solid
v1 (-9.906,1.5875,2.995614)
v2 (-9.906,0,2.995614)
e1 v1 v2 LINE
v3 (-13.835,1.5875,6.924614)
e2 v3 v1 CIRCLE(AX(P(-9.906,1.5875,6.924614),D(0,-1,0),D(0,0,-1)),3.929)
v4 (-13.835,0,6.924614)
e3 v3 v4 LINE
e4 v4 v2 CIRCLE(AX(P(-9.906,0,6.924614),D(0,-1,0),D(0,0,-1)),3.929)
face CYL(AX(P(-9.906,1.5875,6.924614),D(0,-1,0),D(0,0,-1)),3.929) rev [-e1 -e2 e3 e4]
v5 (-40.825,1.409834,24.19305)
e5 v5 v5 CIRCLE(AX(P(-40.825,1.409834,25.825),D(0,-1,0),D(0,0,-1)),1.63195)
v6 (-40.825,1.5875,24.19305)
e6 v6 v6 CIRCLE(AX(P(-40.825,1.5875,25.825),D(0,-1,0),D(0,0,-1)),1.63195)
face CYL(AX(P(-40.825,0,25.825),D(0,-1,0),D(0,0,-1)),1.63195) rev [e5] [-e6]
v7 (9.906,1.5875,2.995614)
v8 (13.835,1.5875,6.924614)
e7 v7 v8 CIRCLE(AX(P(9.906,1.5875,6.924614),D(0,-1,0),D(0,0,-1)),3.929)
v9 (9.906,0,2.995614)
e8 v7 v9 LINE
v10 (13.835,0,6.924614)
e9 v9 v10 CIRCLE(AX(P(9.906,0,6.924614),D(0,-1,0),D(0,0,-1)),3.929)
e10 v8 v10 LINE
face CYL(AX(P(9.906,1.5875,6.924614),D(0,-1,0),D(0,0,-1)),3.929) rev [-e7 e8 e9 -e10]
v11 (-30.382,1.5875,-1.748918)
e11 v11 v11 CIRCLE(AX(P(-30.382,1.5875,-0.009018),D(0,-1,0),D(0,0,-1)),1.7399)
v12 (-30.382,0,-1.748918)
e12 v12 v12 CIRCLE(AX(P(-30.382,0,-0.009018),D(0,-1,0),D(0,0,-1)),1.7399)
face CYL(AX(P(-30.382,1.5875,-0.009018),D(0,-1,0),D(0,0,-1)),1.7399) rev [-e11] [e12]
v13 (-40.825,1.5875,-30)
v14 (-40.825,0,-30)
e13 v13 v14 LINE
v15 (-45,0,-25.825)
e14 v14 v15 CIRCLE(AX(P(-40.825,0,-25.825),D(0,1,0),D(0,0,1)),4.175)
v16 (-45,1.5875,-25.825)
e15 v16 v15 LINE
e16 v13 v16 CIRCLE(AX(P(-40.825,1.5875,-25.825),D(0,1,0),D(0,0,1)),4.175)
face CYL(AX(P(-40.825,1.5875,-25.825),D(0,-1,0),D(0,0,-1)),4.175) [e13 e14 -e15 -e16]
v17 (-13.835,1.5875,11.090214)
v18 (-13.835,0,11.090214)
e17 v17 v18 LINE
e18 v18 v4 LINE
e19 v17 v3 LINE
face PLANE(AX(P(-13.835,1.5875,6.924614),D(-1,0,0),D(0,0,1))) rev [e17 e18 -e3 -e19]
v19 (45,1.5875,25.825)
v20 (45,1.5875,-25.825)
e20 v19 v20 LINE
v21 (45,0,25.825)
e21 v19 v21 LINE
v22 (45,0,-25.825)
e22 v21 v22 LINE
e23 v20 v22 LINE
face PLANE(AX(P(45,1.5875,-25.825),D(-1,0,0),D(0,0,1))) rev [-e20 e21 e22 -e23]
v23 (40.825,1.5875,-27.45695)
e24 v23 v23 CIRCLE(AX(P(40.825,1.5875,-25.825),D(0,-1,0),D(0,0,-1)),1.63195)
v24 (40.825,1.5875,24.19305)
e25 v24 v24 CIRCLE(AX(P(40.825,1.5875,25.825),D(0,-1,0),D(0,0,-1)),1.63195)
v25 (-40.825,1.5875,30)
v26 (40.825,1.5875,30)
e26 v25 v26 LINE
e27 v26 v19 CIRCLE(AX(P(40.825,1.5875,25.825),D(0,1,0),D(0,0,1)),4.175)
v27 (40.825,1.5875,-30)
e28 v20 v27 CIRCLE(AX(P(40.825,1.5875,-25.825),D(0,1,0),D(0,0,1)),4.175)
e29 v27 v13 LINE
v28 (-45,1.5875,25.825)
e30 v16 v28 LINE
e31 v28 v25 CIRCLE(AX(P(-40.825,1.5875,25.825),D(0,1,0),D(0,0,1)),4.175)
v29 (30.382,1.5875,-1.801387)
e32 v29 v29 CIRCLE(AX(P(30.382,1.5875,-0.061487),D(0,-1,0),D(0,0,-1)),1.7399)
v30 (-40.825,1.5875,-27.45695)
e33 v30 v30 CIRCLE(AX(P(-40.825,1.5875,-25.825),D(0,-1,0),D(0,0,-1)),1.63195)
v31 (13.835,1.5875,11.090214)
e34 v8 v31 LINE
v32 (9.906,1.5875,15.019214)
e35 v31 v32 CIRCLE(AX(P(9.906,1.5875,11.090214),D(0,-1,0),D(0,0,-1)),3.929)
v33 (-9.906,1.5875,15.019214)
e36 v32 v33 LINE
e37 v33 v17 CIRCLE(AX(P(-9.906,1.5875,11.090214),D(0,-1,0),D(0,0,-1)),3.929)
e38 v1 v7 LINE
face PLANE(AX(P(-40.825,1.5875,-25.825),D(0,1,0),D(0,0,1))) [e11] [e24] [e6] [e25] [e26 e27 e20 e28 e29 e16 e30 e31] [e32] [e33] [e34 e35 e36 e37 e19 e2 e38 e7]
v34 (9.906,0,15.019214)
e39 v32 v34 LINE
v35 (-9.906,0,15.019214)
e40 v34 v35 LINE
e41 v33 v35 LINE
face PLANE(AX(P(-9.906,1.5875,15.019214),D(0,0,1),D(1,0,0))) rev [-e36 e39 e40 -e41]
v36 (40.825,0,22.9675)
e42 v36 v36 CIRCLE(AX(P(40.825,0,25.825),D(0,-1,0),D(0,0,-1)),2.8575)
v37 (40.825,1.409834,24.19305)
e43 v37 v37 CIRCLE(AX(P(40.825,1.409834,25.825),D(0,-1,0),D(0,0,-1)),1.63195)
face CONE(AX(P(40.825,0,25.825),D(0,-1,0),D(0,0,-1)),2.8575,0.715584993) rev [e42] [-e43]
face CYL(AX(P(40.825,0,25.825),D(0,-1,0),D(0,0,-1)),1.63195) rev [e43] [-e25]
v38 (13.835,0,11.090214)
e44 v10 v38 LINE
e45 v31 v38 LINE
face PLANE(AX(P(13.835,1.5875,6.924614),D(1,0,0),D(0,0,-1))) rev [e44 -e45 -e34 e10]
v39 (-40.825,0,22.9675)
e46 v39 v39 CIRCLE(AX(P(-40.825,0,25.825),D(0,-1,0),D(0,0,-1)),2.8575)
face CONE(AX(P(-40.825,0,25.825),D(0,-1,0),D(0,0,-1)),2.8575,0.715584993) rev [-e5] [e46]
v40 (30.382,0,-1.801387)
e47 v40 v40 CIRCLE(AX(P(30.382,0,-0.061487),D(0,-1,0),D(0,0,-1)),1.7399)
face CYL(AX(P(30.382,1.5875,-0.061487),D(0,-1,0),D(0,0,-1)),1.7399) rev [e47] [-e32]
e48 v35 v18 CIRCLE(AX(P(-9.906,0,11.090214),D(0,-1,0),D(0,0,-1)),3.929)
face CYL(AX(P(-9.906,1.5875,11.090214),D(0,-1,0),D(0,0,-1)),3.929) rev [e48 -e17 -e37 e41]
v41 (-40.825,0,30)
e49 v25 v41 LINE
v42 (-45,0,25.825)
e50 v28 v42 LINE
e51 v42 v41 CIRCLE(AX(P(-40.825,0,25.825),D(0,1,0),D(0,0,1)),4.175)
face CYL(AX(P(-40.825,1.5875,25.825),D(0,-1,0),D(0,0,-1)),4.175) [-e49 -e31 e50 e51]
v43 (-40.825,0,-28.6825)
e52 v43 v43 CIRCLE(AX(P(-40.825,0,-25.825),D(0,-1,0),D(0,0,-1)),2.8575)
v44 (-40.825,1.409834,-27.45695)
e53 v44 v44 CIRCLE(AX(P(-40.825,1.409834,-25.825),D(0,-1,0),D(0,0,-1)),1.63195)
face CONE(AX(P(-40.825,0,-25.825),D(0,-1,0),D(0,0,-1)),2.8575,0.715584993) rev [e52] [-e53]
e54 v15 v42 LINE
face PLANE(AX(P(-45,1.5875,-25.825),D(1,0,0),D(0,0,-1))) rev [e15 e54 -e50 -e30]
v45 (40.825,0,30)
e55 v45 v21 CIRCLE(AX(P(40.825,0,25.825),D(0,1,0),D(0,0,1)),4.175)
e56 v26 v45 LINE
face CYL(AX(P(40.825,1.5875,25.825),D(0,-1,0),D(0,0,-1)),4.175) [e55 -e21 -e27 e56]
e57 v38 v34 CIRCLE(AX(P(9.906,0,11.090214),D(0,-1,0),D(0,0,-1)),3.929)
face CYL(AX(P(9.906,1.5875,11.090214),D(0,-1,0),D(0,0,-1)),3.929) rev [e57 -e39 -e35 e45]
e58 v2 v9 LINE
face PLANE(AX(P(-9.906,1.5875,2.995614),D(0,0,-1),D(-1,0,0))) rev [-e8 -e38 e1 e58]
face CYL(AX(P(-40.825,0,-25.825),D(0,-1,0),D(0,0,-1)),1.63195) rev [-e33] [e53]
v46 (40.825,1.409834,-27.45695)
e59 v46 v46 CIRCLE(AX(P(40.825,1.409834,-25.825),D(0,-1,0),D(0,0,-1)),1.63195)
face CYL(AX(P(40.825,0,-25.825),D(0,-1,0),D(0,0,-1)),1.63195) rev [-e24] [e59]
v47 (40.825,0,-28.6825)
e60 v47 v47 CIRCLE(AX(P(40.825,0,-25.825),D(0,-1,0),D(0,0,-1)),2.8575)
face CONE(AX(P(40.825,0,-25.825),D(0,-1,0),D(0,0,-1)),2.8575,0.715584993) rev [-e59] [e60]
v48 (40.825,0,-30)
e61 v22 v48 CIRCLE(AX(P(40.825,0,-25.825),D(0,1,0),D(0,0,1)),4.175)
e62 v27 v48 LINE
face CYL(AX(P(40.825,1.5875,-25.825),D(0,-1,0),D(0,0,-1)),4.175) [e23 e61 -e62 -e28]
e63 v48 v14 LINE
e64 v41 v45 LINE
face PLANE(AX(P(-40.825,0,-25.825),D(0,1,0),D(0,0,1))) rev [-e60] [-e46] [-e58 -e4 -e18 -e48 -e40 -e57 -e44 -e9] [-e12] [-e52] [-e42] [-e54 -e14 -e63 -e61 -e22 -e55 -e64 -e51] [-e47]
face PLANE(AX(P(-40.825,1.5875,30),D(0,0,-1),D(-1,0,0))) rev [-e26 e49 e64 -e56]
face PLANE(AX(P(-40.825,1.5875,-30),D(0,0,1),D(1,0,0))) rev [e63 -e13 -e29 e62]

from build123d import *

# Parameters (mm, degrees)
SKETCH2_R                                     = 1
BOSS_EXTRUDE3_DEPTH                           = 1.5875
DB15_PLUG_CUTAWAY_DEPTH                       = 55.106562968
CSK_FOR_4_FLAT_HEAD_MACHINE_SCREW1_AT_2_COUNT = 2
CSK_FOR_4_FLAT_HEAD_MACHINE_SCREW1_AT_2_PITCH = 51.65
CSK_FOR_4_FLAT_HEAD_MACHINE_SCREW1_AT_3_COUNT = 2
CSK_FOR_4_FLAT_HEAD_MACHINE_SCREW1_AT_3_PITCH = 81.65
CSK_FOR_4_FLAT_HEAD_MACHINE_SCREW1_AT_4_COUNT = 2
CSK_FOR_4_FLAT_HEAD_MACHINE_SCREW1_AT_4_PITCH = 96.614931558
SKETCH11_R                                    = 1.7399
CUT_EXTRUDE1_DEPTH                            = 55.106562968


with BuildPart() as part:
    # Sketch2 → Boss-Extrude3 (new body)
    with BuildSketch(Plane(origin=(0, 0, 0), x_dir=(1, 0, 0), z_dir=(0, 1, 0))):
        with BuildLine():
            Line((-45, 25.825), (-45, -25.825))
            ThreePointArc((-45, -25.825), (-43.777170811, -28.777170811), (-40.825, -30))
            Line((-40.825, -30), (40.825, -30))
            ThreePointArc((40.825, -30), (43.777170811, -28.777170811), (45, -25.825))
            Line((45, -25.825), (45, 25.825))
            ThreePointArc((45, 25.825), (43.777170811, 28.777170811), (40.825, 30))
            Line((40.825, 30), (-40.825, 30))
            ThreePointArc((-40.825, 30), (-43.777170811, 28.777170811), (-45, 25.825))
        make_face()
        with Locations(Location((40.825, 25.825, 0), (0, 0, 270))):
            Circle(SKETCH2_R, mode=Mode.SUBTRACT)
        with Locations(Location((-40.825, 25.825, 0), (0, 0, 270))):
            Circle(SKETCH2_R, mode=Mode.SUBTRACT)
        with Locations(Location((-40.825, -25.825, 0), (0, 0, 270))):
            Circle(SKETCH2_R, mode=Mode.SUBTRACT)
        with Locations(Location((40.825, -25.825, 0), (0, 0, 270))):
            Circle(SKETCH2_R, mode=Mode.SUBTRACT)
    extrude(amount=BOSS_EXTRUDE3_DEPTH)

    # Sketch4 → DB15 Plug Cutaway (cut, through all)
    with BuildSketch(Plane.XZ):
        with BuildLine():
            Line((-13.835, 6.924614493), (-13.835, 11.090214492))
            ThreePointArc((-13.835, 11.090214492), (-12.684222543, 13.868437036), (-9.905999998, 15.019214492))
            Line((-9.905999998, 15.019214492), (9.905999999, 15.019214492))
            ThreePointArc((9.905999999, 15.019214492), (12.684222543, 13.868437035), (13.835, 11.090214492))
            Line((13.835, 11.090214492), (13.835, 6.924614492))
            ThreePointArc((13.835, 6.924614492), (12.684222543, 4.146391949), (9.906, 2.995614492))
            Line((9.906, 2.995614492), (-9.905999998, 2.995614492))
            ThreePointArc((-9.905999998, 2.995614492), (-12.684222543, 4.146391948), (-13.835, 6.924614493))
        make_face()
    extrude(amount=-DB15_PLUG_CUTAWAY_DEPTH, mode=Mode.SUBTRACT)

    # Sketch9 → CSK for #4 Flat Head Machine Screw1 (revolve, cut)
    with BuildSketch(Plane(origin=(-40.825, 0, 25.825), x_dir=(0, 0, -1), z_dir=(1, 0, 0))):
        Polygon((0, 0), (0, 1.5875), (1.63195, 1.5875), (1.63195, 1.409834001), (2.8575, 0), align=None)
    csk_for_4_flat_head_machine_screw1 = revolve(axis=Axis((-40.825, -6.35, 25.825), (0, 1, 0)), mode=Mode.SUBTRACT)

    # CSK for #4 Flat Head Machine Screw1 at 2: CSK for #4 Flat Head Machine Screw1 ×2
    with Locations(*[(0, 0, -i * CSK_FOR_4_FLAT_HEAD_MACHINE_SCREW1_AT_2_PITCH) for i in range(1, CSK_FOR_4_FLAT_HEAD_MACHINE_SCREW1_AT_2_COUNT)]):
        add(csk_for_4_flat_head_machine_screw1, mode=Mode.SUBTRACT)

    # CSK for #4 Flat Head Machine Screw1 at 3: CSK for #4 Flat Head Machine Screw1 ×2
    with Locations(*[(i * CSK_FOR_4_FLAT_HEAD_MACHINE_SCREW1_AT_3_PITCH, 0, 0) for i in range(1, CSK_FOR_4_FLAT_HEAD_MACHINE_SCREW1_AT_3_COUNT)]):
        add(csk_for_4_flat_head_machine_screw1, mode=Mode.SUBTRACT)

    # CSK for #4 Flat Head Machine Screw1 at 4: CSK for #4 Flat Head Machine Screw1 ×2
    with Locations(*[Vector(0.8451074661352507, 0, -0.5345964559202167) * (i * CSK_FOR_4_FLAT_HEAD_MACHINE_SCREW1_AT_4_PITCH) for i in range(1, CSK_FOR_4_FLAT_HEAD_MACHINE_SCREW1_AT_4_COUNT)]):
        add(csk_for_4_flat_head_machine_screw1, mode=Mode.SUBTRACT)

    # Sketch11 → Cut-Extrude1 (cut, through all)
    with BuildSketch(Plane.XZ):
        with Locations(Location((-30.382, -0.009017528, 0), (0, 0, 270))):
            Circle(SKETCH11_R)
        with Locations(Location((30.382, -0.061487226, 0), (0, 0, 270))):
            Circle(SKETCH11_R)
    extrude(amount=-CUT_EXTRUDE1_DEPTH, mode=Mode.SUBTRACT)


solid = part.part
